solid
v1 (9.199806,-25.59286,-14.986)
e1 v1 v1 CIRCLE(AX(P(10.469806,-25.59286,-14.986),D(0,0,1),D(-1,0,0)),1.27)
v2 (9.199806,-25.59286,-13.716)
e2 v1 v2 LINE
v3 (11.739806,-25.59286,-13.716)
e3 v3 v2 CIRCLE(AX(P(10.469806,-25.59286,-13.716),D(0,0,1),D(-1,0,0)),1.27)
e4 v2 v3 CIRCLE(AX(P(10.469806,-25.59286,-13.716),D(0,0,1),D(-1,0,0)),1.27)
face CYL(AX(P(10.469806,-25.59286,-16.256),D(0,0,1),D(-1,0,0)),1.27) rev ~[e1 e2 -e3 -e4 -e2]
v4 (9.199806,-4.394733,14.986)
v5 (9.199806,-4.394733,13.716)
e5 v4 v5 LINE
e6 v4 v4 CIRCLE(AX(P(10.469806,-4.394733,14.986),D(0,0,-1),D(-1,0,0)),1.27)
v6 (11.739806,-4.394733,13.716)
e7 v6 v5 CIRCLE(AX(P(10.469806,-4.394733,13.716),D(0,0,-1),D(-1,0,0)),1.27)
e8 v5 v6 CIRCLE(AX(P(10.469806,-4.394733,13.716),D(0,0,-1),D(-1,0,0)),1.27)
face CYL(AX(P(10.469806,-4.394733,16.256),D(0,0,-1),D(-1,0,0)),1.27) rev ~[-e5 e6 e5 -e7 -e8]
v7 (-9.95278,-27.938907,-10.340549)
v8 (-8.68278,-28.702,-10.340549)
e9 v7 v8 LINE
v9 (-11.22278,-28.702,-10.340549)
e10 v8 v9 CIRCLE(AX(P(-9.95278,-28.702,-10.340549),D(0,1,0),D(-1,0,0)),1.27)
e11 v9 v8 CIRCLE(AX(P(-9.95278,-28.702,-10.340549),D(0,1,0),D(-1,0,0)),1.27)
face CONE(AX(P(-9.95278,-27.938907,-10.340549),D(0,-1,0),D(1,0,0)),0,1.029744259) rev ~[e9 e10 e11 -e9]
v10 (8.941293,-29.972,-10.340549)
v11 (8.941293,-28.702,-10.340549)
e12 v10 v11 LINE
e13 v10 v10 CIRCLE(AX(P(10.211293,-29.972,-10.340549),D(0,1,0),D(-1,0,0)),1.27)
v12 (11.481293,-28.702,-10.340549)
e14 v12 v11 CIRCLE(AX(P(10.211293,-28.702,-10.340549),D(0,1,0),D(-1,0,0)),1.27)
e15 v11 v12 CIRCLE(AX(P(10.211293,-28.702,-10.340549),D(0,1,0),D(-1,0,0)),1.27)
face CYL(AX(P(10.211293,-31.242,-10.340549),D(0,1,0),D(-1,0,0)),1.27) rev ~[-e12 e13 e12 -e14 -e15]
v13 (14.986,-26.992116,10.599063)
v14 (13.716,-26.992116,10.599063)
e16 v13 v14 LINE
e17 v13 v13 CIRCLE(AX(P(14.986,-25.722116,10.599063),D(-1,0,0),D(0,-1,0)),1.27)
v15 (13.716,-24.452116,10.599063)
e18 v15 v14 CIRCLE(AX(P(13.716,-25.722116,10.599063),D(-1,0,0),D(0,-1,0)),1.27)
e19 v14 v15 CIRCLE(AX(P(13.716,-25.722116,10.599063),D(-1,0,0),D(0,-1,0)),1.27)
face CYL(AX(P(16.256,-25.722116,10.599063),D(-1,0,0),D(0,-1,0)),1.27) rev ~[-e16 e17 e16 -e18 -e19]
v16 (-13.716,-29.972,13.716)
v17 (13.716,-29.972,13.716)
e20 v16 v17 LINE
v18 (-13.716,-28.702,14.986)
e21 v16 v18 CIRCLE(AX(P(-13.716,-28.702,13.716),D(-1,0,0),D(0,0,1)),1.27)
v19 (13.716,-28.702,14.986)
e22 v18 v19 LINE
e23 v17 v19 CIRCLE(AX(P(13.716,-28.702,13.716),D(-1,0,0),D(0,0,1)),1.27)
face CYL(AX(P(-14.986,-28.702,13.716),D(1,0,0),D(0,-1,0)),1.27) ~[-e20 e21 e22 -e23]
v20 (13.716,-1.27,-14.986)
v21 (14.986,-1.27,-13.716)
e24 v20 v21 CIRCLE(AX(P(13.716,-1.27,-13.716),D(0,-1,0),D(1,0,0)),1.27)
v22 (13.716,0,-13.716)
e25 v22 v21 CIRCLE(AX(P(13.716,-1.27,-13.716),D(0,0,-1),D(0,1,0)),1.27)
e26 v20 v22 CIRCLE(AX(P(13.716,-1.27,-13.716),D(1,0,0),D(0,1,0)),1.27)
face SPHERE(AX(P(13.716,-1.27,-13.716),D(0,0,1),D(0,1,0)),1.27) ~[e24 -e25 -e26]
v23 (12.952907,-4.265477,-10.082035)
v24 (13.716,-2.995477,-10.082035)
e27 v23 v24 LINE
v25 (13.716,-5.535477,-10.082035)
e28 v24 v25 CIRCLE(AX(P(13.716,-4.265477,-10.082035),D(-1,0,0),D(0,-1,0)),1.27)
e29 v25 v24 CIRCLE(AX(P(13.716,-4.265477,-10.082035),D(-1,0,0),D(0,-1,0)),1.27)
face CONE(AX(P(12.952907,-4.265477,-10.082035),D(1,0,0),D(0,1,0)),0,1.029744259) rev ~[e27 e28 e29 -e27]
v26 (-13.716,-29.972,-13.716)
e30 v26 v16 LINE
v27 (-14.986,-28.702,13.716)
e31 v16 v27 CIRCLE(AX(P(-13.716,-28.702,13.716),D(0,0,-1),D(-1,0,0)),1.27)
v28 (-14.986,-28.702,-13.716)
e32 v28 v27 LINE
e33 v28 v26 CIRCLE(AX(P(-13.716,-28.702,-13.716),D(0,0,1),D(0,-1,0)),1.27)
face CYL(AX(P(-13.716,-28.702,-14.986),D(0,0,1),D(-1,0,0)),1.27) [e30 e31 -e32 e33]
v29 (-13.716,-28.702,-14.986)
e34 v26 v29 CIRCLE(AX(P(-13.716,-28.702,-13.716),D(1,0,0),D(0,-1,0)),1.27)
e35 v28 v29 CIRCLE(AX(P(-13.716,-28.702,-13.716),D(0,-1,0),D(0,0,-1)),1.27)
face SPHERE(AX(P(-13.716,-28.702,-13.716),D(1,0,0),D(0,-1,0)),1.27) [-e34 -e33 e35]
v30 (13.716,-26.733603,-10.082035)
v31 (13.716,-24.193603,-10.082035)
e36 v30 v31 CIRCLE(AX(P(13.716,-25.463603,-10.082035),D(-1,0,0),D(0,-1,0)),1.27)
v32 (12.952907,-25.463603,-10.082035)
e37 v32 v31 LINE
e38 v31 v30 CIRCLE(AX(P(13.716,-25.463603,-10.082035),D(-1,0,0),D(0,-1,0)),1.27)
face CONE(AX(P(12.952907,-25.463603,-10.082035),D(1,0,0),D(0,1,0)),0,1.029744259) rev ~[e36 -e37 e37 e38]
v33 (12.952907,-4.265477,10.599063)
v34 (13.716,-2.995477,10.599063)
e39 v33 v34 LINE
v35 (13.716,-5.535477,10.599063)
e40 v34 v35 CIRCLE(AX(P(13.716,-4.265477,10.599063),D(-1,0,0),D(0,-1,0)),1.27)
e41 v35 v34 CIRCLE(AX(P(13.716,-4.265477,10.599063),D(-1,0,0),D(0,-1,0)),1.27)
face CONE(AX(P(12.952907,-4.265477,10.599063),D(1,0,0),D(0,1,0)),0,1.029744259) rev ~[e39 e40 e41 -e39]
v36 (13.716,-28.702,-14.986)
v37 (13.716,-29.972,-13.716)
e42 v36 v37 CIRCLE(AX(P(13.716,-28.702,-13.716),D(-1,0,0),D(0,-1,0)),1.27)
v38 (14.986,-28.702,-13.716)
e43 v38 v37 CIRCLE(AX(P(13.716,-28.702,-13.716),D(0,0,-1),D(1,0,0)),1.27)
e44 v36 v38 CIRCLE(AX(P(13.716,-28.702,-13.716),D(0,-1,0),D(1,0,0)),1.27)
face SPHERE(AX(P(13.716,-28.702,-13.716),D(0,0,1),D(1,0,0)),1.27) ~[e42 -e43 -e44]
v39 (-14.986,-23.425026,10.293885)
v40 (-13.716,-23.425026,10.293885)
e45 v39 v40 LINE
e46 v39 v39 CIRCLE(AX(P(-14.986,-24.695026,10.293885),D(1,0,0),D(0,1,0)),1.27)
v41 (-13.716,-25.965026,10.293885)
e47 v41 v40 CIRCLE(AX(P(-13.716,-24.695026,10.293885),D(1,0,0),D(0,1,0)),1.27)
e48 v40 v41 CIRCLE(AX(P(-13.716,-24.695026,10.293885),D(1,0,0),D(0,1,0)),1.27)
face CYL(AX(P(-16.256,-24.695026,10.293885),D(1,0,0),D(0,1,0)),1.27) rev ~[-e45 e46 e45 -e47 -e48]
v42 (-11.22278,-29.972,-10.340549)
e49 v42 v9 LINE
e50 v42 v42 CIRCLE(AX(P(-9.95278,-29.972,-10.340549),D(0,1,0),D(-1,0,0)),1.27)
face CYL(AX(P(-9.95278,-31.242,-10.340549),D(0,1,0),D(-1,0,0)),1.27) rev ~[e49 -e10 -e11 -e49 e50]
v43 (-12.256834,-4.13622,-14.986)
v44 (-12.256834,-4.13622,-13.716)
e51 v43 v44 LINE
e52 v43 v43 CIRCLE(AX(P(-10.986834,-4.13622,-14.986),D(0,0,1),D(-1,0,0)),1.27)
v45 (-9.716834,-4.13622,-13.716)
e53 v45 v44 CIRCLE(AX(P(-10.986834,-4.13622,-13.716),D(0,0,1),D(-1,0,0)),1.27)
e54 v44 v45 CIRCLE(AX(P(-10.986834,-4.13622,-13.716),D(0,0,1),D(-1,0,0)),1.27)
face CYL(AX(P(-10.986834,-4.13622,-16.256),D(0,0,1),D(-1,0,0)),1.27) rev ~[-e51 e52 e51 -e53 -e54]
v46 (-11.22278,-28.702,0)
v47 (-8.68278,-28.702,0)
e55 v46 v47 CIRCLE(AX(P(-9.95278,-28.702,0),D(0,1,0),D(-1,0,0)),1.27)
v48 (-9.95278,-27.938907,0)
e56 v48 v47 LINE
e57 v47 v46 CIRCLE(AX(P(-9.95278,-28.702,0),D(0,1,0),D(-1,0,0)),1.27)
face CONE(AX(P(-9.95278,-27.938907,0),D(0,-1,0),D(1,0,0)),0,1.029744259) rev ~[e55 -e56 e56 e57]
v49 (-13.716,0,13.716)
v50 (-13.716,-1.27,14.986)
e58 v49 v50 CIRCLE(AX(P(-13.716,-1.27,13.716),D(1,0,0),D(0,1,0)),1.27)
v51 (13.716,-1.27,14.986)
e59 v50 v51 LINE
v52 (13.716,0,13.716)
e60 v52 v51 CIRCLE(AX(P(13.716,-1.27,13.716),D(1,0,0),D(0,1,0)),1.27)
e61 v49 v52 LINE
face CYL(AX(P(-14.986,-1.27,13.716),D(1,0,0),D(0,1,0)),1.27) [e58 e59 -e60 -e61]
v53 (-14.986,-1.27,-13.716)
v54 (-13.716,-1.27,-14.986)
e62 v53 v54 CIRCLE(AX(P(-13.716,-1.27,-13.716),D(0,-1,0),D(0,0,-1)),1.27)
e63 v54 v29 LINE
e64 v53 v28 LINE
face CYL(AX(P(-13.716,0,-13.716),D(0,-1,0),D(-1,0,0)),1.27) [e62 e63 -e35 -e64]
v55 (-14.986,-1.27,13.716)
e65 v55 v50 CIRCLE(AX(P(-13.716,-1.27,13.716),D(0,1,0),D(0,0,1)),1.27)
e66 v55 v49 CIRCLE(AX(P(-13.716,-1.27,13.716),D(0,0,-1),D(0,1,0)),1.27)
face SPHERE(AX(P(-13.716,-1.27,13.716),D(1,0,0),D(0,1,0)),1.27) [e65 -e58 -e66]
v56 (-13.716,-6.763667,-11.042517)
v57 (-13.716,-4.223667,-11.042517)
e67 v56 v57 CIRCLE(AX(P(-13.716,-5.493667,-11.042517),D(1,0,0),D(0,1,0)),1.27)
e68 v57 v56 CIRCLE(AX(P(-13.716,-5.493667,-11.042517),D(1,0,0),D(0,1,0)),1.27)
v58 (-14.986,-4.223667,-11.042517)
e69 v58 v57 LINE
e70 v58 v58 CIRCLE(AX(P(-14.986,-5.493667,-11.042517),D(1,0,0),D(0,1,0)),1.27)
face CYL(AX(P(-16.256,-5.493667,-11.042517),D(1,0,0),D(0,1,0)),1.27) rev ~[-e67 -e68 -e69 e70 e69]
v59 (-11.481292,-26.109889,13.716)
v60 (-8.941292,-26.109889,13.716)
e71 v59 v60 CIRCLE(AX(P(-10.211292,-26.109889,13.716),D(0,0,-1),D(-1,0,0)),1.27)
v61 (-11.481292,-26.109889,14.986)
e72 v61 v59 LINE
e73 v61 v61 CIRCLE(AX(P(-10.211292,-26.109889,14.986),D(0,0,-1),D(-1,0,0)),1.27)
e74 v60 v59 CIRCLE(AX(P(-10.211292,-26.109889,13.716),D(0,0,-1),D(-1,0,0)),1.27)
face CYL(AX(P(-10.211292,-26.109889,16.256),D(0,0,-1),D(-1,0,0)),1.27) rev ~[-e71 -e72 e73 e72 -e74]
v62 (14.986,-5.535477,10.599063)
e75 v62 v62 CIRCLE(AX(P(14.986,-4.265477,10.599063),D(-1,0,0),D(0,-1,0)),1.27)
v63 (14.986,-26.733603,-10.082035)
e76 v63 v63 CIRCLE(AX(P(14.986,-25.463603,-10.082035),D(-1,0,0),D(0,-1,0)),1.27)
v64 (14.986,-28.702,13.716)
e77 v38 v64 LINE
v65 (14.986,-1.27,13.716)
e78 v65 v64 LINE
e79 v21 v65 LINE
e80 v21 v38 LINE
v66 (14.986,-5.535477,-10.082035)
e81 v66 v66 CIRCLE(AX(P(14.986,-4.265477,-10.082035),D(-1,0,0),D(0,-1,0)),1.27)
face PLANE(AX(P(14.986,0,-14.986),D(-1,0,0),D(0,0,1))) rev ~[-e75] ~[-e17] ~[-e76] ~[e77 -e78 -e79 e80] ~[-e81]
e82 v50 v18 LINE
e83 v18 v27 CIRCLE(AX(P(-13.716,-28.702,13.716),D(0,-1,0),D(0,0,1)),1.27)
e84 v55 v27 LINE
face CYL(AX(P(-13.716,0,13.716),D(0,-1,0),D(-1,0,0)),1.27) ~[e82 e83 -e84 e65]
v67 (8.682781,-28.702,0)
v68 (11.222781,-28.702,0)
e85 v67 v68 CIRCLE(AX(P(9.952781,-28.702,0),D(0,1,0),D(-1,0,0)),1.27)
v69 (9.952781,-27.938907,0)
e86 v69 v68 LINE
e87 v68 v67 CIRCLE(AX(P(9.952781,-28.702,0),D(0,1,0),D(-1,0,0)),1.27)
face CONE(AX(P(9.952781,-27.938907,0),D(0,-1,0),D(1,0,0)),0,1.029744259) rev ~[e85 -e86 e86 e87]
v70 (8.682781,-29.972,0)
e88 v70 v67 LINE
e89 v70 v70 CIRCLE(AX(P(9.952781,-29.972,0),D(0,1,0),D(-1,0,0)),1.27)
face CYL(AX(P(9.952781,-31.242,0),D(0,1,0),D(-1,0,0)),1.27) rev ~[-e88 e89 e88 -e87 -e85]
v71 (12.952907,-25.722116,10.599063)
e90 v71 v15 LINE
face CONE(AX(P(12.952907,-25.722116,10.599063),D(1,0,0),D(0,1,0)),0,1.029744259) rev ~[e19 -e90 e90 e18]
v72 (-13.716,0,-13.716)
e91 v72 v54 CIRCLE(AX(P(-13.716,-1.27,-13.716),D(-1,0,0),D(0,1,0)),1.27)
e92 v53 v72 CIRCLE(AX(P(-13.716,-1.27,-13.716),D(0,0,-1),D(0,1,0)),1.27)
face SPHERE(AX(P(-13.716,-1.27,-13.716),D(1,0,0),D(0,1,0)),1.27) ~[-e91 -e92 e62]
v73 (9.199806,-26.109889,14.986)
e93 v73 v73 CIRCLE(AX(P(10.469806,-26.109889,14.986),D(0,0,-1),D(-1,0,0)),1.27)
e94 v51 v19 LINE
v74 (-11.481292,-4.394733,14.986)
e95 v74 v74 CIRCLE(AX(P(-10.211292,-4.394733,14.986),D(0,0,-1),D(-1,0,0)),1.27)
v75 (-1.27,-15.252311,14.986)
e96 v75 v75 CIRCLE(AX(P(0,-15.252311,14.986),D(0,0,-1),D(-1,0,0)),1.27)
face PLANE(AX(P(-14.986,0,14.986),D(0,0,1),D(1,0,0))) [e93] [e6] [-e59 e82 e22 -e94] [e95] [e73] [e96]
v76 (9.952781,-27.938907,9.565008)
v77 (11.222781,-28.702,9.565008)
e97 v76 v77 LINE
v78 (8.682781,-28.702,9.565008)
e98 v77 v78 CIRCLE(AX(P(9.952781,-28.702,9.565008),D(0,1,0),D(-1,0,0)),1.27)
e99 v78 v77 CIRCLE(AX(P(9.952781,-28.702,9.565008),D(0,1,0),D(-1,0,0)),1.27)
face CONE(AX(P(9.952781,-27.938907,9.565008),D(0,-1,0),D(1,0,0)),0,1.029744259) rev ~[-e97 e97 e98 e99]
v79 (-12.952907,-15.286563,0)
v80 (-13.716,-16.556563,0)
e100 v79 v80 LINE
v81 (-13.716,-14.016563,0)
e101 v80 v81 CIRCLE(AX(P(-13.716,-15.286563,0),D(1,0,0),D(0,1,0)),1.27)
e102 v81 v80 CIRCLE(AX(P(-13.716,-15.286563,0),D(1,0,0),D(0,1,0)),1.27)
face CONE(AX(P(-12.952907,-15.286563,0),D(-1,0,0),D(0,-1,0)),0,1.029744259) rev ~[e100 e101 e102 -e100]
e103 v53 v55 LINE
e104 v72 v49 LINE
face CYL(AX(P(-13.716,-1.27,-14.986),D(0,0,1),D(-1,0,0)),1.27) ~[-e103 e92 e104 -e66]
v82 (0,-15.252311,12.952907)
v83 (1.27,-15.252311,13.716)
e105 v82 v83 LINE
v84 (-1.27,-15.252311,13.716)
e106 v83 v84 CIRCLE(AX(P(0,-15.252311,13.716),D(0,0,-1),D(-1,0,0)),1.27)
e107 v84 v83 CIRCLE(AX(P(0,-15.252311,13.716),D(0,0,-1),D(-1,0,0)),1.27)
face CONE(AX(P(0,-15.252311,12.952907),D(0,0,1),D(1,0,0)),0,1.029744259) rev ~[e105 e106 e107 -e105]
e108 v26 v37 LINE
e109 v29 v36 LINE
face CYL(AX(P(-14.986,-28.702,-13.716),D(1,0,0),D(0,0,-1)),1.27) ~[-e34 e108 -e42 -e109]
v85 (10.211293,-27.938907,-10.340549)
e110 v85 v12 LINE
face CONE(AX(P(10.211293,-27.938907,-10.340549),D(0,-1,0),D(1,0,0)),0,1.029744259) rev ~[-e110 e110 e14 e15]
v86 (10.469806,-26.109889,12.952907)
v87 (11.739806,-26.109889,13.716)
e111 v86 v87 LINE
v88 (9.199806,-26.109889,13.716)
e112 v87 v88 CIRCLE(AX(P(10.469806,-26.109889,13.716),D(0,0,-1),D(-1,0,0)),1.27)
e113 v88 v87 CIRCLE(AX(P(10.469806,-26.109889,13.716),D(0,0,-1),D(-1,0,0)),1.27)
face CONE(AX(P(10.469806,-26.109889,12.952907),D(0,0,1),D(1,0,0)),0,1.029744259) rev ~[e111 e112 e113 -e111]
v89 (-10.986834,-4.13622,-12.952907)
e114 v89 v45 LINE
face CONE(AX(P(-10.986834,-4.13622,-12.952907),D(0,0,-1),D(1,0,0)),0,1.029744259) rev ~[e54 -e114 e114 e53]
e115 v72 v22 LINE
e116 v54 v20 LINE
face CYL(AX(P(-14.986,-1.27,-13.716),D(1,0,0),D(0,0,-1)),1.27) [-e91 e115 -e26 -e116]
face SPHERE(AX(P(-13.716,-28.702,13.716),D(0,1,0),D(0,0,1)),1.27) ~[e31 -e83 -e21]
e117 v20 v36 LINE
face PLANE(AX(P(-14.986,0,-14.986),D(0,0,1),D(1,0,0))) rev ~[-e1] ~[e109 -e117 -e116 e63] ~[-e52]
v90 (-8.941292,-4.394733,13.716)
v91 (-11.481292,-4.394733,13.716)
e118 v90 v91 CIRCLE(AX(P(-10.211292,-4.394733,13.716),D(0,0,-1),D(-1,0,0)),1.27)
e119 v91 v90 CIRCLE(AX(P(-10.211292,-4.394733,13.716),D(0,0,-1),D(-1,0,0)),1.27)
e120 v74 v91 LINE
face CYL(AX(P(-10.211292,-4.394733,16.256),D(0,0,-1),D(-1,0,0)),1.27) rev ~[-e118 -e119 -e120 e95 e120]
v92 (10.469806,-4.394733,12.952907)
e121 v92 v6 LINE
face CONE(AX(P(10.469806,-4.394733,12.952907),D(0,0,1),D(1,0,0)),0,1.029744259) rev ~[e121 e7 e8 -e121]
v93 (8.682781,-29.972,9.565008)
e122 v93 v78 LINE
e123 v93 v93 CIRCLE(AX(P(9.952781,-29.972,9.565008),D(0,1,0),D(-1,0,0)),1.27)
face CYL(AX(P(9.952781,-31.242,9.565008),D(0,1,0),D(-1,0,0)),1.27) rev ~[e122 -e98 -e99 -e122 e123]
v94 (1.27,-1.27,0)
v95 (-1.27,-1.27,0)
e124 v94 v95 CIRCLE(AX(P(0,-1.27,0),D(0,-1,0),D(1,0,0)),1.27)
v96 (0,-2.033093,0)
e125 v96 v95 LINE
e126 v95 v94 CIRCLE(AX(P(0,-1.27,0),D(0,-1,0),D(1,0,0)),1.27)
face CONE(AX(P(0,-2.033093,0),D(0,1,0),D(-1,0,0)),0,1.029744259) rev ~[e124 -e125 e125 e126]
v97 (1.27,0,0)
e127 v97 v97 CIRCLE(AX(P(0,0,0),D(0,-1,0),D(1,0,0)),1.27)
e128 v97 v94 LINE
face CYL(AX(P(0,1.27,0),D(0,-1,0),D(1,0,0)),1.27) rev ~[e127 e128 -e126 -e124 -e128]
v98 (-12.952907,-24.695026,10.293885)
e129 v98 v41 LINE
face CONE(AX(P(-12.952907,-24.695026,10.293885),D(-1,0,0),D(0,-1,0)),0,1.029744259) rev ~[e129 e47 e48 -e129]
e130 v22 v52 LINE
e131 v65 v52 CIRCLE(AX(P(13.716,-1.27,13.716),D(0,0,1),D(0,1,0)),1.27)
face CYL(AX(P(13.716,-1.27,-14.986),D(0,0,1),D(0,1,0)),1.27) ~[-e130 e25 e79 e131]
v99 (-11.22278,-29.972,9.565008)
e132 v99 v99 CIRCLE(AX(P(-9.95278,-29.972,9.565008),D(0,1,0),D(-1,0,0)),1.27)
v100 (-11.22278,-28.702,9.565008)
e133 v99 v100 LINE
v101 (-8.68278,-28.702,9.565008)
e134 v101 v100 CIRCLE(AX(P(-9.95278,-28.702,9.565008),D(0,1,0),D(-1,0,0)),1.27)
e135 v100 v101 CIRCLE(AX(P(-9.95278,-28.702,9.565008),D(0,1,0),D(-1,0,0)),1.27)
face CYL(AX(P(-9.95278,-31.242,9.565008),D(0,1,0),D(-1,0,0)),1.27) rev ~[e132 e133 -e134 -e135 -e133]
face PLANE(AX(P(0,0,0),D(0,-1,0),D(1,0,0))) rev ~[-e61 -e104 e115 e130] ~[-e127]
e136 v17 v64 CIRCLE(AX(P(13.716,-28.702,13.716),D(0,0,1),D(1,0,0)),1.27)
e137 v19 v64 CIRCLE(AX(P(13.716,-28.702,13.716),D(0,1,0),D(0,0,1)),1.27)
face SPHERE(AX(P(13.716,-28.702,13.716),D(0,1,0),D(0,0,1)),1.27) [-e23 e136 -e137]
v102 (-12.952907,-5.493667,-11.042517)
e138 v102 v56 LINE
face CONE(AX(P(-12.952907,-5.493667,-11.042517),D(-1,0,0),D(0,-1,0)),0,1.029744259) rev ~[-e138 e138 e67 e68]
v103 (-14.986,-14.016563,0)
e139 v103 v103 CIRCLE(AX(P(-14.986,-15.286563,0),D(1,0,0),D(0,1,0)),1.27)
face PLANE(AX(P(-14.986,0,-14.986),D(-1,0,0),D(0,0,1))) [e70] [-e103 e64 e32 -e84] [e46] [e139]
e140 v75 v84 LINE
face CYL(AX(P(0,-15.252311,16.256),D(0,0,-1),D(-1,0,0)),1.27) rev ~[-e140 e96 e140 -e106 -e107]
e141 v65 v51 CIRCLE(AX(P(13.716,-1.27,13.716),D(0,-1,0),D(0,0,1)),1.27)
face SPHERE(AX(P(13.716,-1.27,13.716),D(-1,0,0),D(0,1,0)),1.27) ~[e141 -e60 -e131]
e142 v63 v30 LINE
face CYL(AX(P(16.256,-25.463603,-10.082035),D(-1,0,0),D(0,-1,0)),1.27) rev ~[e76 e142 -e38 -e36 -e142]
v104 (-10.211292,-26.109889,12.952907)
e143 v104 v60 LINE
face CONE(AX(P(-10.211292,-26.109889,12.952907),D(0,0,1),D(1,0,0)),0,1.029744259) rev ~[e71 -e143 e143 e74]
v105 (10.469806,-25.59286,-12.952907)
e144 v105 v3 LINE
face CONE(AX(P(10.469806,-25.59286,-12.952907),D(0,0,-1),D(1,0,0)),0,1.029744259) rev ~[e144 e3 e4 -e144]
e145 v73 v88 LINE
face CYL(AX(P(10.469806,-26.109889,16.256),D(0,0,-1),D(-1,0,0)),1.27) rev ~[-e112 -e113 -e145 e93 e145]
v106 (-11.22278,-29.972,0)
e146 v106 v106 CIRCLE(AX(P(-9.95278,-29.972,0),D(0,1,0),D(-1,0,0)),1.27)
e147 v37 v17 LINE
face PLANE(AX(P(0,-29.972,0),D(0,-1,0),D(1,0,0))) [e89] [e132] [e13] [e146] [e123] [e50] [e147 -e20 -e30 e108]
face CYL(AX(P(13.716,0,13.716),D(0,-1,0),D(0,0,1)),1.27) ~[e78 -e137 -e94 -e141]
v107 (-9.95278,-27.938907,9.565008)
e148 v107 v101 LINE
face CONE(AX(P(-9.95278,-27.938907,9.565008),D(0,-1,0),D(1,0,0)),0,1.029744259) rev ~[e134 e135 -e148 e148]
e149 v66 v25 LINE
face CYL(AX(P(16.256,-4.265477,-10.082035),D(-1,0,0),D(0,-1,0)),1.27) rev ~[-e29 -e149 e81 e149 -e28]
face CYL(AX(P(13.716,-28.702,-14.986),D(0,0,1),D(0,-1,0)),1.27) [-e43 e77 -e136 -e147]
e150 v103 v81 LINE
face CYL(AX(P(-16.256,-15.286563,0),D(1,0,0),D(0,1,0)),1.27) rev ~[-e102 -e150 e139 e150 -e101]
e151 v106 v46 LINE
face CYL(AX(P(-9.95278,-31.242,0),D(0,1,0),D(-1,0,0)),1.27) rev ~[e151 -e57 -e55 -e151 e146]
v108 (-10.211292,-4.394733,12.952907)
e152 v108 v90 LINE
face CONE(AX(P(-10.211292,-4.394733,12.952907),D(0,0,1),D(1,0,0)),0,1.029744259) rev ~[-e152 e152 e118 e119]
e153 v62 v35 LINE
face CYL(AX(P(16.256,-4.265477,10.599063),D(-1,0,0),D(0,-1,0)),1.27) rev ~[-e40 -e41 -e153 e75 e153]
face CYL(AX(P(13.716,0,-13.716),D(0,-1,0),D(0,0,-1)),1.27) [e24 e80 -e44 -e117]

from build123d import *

# Parameters (mm, degrees)
F0_W      = 29.972
F0_H      = 29.972
F1_DEPTH  = 29.972
F3_D      = 2.54
F3_DEPTH  = 1.27
F3_TIP    = 0.7630929862
F5_D      = 2.54
F5_DEPTH  = 1.27
F5_TIP    = 0.7630929862
F7_D      = 2.54
F7_DEPTH  = 1.27
F7_TIP    = 0.7630929862
F9_D      = 2.54
F9_DEPTH  = 1.27
F9_TIP    = 0.7630929862
F11_D     = 2.54
F11_DEPTH = 1.27
F11_TIP   = 0.7630929862
F13_D     = 2.54
F13_DEPTH = 1.27
F13_TIP   = 0.7630929862
F14_R     = 1.27


with BuildPart() as f1:
    # F0 (on Front) → F1 (new body)
    with BuildSketch(Plane.XZ):
        Rectangle(F0_W, F0_H)
    extrude(amount=F1_DEPTH)

    # F3
    with Locations(Plane.XZ.offset(29.972)):
        with Locations((-9.9527798593, 9.5650078729), (-9.9527798593, 0), (-9.9527798593, -10.3405490518), (10.2112926543, -10.3405490518), (9.9527807906, 0), (9.9527807906, 9.5650078729)):
            Hole(F3_D / 2, depth=F3_DEPTH)
            with Locations((0, 0, -(F3_DEPTH + F3_TIP / 2))):  # 118° drill point
                Cone(0, F3_D / 2, F3_TIP, mode=Mode.SUBTRACT)

    # F5
    with Locations(Plane(origin=(0, 0, 0), x_dir=(-1, 0, 0), z_dir=(0, 1, 0))):
        with Locations((0, 0)):
            Hole(F5_D / 2, depth=F5_DEPTH)
            with Locations((0, 0, -(F5_DEPTH + F5_TIP / 2))):  # 118° drill point
                Cone(0, F5_D / 2, F5_TIP, mode=Mode.SUBTRACT)

    # F7
    with Locations(Plane.YZ.offset(14.986)):
        with Locations((-25.7221162319, 10.5990627781), (-4.2654769495, 10.5990627781), (-4.2654769495, -10.0820353255), (-25.4636034369, -10.0820353255)):
            Hole(F7_D / 2, depth=F7_DEPTH)
            with Locations((0, 0, -(F7_DEPTH + F7_TIP / 2))):  # 118° drill point
                Cone(0, F7_D / 2, F7_TIP, mode=Mode.SUBTRACT)

    # F9
    with Locations(Plane(origin=(-14.986, 0, 0), x_dir=(0, -1, 0), z_dir=(-1, 0, 0))):
        with Locations((24.695025757, 10.2938851342), (15.2865629643, 0), (5.493666511, -11.0425166786)):
            Hole(F9_D / 2, depth=F9_DEPTH)
            with Locations((0, 0, -(F9_DEPTH + F9_TIP / 2))):  # 118° drill point
                Cone(0, F9_D / 2, F9_TIP, mode=Mode.SUBTRACT)

    # F11
    with Locations(Plane(origin=(0, 0, -14.986), x_dir=(1, 0, 0), z_dir=(0, 0, -1))):
        with Locations((10.4698063806, 25.5928598344), (-10.9868338332, 4.1362200864)):
            Hole(F11_D / 2, depth=F11_DEPTH)
            with Locations((0, 0, -(F11_DEPTH + F11_TIP / 2))):  # 118° drill point
                Cone(0, F11_D / 2, F11_TIP, mode=Mode.SUBTRACT)

    # F13
    with Locations(Plane.XY.offset(14.986)):
        with Locations((-10.211291723, -4.394733347), (0, -15.2523107827), (10.4698063806, -4.394733347), (10.4698063806, -26.1098891497), (-10.211291723, -26.1098891497)):
            Hole(F13_D / 2, depth=F13_DEPTH)
            with Locations((0, 0, -(F13_DEPTH + F13_TIP / 2))):  # 118° drill point
                Cone(0, F13_D / 2, F13_TIP, mode=Mode.SUBTRACT)

    # F14
    f14_edges = [f1.edges().sort_by_distance(p)[0] for p in [
        (0, 0, 14.986),
        (14.986, 0, 0),
        (0, 0, -14.986),
        (-14.986, 0, 0),
        (-14.986, -14.986, 14.986),
        (14.986, -14.986, 14.986),
        (0, -29.972, 14.986),
        (14.986, -29.972, 0),
        (14.986, -14.986, -14.986),
        (0, -29.972, -14.986),
        (-14.986, -29.972, 0),
        (-14.986, -14.986, -14.986),
    ]]
    fillet(f14_edges, radius=F14_R)


solid = f1.part
